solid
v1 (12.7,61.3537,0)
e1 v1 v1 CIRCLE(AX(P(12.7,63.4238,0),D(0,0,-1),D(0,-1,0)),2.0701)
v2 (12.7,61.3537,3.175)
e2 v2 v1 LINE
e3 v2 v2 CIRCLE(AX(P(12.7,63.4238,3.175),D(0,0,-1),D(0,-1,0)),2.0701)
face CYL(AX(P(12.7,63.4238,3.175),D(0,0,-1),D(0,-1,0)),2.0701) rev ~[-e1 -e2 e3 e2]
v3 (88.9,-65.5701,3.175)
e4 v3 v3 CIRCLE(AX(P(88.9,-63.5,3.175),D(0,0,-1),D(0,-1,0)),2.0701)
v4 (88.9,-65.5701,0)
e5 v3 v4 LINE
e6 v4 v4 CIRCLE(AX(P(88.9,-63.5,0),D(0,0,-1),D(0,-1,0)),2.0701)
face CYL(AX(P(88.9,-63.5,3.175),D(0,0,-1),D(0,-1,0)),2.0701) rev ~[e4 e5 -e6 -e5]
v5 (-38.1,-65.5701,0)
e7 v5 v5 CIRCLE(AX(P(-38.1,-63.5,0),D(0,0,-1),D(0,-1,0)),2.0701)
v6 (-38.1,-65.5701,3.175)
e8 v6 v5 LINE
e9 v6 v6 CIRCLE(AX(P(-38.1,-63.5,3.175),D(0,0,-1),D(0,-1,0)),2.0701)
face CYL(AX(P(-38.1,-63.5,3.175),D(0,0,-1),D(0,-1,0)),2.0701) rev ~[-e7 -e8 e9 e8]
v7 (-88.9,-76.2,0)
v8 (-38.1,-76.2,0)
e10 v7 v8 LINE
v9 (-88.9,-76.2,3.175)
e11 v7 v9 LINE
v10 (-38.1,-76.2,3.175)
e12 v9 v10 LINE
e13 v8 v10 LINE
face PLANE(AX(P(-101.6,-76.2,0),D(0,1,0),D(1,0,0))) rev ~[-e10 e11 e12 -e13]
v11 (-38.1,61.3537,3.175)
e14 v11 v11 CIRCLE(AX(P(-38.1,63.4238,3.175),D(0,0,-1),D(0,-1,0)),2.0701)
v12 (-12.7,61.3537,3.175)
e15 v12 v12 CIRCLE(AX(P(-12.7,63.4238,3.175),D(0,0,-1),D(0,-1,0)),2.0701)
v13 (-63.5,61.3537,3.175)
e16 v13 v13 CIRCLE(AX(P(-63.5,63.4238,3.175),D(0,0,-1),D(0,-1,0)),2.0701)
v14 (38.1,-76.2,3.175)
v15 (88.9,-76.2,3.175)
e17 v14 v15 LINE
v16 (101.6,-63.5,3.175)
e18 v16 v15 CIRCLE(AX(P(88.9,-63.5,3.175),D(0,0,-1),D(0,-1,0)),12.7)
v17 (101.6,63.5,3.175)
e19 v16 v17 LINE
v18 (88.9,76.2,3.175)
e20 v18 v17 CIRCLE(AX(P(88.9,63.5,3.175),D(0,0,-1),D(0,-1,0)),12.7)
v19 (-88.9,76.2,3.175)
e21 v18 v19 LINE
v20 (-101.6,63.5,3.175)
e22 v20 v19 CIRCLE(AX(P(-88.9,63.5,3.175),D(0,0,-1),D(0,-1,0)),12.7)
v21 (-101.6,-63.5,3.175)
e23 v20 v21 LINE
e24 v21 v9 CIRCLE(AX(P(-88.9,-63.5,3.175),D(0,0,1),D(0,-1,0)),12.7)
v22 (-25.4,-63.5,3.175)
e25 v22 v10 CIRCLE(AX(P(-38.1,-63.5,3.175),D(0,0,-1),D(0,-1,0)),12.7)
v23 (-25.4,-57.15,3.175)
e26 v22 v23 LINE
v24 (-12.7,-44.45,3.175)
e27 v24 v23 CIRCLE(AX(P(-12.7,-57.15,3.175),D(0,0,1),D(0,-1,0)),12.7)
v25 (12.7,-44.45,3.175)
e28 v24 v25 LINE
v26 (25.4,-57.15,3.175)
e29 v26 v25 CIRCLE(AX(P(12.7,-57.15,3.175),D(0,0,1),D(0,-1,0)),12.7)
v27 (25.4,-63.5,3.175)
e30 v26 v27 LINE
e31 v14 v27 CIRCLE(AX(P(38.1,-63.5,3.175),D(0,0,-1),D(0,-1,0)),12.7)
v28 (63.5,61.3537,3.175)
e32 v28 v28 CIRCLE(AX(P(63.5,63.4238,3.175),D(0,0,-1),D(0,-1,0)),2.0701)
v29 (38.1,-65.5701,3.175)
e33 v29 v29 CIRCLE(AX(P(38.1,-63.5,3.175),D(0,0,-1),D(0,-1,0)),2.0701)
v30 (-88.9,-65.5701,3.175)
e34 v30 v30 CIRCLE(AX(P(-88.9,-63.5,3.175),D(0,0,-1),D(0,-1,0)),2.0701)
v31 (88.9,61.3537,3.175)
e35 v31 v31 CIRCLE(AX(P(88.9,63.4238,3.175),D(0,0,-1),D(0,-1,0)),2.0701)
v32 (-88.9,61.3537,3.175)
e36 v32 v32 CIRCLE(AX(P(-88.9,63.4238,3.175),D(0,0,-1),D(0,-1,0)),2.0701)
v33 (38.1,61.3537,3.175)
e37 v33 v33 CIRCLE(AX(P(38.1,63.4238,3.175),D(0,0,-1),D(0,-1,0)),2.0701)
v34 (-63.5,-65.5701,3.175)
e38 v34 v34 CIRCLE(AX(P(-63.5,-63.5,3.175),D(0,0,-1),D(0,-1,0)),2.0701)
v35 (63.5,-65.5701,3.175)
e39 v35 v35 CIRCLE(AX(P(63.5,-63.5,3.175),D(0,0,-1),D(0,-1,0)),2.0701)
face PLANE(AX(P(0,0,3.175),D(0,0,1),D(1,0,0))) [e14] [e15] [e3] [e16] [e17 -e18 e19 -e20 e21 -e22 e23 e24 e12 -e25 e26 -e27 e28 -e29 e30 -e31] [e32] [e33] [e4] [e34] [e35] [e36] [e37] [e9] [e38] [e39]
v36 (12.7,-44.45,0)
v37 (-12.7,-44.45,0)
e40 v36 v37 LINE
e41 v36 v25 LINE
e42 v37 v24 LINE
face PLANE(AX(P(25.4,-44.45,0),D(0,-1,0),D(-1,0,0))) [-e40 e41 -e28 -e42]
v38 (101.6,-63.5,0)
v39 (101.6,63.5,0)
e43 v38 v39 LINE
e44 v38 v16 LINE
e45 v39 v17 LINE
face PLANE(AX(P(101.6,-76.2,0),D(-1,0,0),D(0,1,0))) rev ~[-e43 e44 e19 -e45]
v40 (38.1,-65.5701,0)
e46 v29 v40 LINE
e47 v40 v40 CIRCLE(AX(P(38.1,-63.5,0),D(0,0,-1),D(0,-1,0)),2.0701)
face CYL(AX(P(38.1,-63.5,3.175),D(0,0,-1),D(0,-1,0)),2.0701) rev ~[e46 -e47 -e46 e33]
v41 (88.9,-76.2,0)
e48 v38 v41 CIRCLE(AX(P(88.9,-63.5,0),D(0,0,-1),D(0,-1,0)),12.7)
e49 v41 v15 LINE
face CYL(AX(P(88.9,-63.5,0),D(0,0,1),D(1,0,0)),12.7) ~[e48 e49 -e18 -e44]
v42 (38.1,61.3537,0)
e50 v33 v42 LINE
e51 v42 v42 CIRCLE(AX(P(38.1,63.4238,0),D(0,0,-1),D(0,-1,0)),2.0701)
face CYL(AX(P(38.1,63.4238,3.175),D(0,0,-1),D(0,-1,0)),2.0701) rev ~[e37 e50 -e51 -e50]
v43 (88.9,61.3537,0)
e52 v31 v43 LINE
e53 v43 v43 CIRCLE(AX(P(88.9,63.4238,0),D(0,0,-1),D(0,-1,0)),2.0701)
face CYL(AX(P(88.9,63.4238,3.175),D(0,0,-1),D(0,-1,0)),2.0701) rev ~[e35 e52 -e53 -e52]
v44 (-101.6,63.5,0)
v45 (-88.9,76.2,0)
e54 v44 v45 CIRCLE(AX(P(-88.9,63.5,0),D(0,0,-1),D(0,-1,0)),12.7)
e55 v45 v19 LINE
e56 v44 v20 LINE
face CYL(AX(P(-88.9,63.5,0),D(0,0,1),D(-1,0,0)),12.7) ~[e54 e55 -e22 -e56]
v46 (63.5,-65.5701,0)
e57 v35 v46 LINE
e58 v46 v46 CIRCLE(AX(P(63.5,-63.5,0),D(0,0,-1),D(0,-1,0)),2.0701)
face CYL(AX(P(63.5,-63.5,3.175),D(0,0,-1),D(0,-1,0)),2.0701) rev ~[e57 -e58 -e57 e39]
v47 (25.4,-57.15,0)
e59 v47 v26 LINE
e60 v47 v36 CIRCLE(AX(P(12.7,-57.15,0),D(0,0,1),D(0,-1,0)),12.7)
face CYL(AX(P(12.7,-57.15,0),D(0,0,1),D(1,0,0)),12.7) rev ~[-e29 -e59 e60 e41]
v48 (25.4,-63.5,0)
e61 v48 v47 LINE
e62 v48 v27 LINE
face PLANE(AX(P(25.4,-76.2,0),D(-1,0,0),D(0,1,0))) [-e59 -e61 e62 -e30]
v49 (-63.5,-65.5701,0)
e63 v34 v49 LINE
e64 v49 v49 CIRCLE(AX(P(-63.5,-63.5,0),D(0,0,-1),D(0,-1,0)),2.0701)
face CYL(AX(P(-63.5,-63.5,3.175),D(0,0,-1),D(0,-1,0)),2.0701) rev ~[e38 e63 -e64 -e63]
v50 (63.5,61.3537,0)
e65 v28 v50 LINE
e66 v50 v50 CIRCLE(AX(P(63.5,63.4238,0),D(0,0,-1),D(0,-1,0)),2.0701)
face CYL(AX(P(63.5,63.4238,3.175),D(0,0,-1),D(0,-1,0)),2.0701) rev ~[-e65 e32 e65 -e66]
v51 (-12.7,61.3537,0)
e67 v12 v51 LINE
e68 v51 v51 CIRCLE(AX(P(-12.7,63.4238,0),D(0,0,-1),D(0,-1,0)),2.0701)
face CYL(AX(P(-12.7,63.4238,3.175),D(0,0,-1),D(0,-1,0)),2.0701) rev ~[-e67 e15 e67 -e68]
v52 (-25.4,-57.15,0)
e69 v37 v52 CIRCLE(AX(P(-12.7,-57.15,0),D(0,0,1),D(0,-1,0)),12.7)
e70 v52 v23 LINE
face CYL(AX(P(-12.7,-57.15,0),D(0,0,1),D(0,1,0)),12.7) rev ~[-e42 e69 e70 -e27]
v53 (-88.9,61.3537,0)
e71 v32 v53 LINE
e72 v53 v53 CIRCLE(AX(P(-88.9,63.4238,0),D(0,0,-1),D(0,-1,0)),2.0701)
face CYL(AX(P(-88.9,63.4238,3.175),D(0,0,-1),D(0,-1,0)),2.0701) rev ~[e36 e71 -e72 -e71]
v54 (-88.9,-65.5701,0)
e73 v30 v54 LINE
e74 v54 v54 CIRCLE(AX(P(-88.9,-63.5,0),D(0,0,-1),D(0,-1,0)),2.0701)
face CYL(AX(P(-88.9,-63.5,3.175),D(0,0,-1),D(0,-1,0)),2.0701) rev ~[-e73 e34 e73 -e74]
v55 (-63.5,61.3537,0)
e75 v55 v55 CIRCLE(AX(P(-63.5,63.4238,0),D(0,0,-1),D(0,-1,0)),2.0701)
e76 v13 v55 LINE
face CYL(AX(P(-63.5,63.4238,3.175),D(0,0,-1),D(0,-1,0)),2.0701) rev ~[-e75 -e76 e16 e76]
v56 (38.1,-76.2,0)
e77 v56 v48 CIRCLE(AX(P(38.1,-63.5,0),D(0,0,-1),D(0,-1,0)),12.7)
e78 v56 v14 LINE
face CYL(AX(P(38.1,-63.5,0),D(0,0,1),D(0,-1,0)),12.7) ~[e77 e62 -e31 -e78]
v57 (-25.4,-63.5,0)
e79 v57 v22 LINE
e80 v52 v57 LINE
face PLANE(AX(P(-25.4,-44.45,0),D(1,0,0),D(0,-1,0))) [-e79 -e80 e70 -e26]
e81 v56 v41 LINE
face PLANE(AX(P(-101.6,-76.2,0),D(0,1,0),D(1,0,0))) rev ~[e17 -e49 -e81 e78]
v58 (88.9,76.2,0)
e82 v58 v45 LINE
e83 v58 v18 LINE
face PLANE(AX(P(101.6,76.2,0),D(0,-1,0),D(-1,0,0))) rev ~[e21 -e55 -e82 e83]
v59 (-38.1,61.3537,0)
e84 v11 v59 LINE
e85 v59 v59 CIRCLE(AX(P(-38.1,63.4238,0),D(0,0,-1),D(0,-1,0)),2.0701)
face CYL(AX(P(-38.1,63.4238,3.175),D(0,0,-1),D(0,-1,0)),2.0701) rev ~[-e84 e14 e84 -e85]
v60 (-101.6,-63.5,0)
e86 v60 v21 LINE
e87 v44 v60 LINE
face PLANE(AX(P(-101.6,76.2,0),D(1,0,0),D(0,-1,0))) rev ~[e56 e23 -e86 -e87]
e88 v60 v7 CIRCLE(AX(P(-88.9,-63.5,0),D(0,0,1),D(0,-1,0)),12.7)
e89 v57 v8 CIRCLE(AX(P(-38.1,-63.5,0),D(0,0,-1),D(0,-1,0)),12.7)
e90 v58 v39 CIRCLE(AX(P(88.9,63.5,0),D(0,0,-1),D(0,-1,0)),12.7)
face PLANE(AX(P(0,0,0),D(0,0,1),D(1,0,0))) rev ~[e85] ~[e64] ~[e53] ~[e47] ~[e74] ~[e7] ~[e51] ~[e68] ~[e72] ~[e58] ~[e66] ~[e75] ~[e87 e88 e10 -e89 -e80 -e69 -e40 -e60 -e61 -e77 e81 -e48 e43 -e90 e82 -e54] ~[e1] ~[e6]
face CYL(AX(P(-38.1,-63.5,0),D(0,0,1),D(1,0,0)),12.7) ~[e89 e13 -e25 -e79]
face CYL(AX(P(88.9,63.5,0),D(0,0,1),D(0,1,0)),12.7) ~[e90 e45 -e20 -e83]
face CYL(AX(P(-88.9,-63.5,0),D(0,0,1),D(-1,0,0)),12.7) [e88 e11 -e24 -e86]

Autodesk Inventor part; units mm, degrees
ref_plane "YZ Plane" through (0, 0, 0) normal (1, 0, 0) x (0, 1, 0)
ref_plane "XZ Plane" through (0, 0, 0) normal (0, 1, 0) x (-1, 0, 0)
ref_plane "XY Plane" through (0, 0, 0) normal (0, 0, 1) x (1, 0, 0)
sketch "Sketch1" plane through (0, 0, 0) normal (0, 0, 1) x (1, 0, 0)
  line L0 (-101.6, -76.2) -> (101.6, -76.2)
  line L1 (101.6, -76.2) -> (101.6, 76.2)
  line L2 (101.6, 76.2) -> (-101.6, 76.2)
  line L3 (-101.6, 76.2) -> (-101.6, -76.2)
  line L4 (-101.6, -76.2) -> (101.6, 76.2) construction
  line L5 (101.6, -76.2) -> (-101.6, 76.2) construction
  point P0 (0, 0)
  dimension "d0" = 152.4
  dimension "d1" = 203.2
extrude "Extrusion1" add sketch "Sketch1" along normal blind 3.175
fillet "Fillet1" radius 12.7 4 edges at (101.6, 76.2, 1.5875) (101.6, -76.2, 1.5875) (-101.6, -76.2, 1.5875) (-101.6, 76.2, 1.5875)
sketch "Sketch2" plane through (0, 0, 3.175) normal (0, 0, 1) x (1, 0, 0)
  line L0 (101.6, -73.1012) -> (-101.6, -73.1012) projected
  line L1 (101.6, -73.1012) -> (101.6, -53.8988) projected
  line L2 (-101.6, -53.8988) -> (101.6, -53.8988) projected
  line L3 (-97.2058, -18.9992) -> (-97.2058, 44.2468) projected
  line L4 (-97.2058, -18.9992) -> (-85.1719, -18.9992) projected
  line L5 (-85.1719, -18.9992) -> (-31.877, 34.2957) projected
  line L6 (-31.877, 34.2957) -> (-31.877, 46.3296) projected
  line L7 (-95.123, 46.3296) -> (-31.877, 46.3296) projected
  line L8 (-101.6, 63.5) -> (-101.6, -63.5) projected
  line L9 (-88.9, -76.2) -> (88.9, -76.2) projected
  arc A0 (-97.2058, 44.2468) -> (-95.123, 46.3296) centre (-97.1931, 46.3169) ccw projected
  circle A1 centre (-74.2399, 4.9487) radius 2.0701 projected
  circle A2 centre (-56.2794, 41.3242) radius 2.4892 projected
  circle A3 centre (-92.2004, 5.4032) radius 2.4892 projected
  circle A4 centre (-74.2399, 23.3637) radius 14.2875 projected
  circle A5 centre (-74.2399, 41.7787) radius 2.0701 projected
  circle A6 centre (-91.7406, 40.8644) radius 3.7211 projected
  circle A7 centre (-55.8249, 23.3637) radius 2.0701 projected
  circle A8 centre (-92.6549, 23.3637) radius 2.0701 projected
  circle A9 centre (-88.9, -63.5) radius 2.0701 projected
  circle A10 centre (-63.5, -63.5) radius 2.0701 projected
  circle A11 centre (-38.1, -63.5) radius 2.0701 projected
  circle A12 centre (-12.7, -63.5) radius 2.0701 projected
  circle A13 centre (12.7, -63.5) radius 2.0701 projected
  circle A14 centre (38.1, -63.5) radius 2.0701 projected
  circle A15 centre (63.5, -63.5) radius 2.0701 projected
  circle A16 centre (88.9, -63.5) radius 2.0701 projected
  arc A17 (65.5687, 63.5) -> (61.4313, 63.5) centre (63.5, 63.4238) ccw projected
  line L10 (61.4313, 63.5) -> (40.1687, 63.5) projected
  arc A18 (40.1687, 63.5) -> (36.0313, 63.5) centre (38.1, 63.4238) ccw projected
  line L11 (36.0313, 63.5) -> (14.7687, 63.5) projected
  arc A19 (14.7687, 63.5) -> (10.6313, 63.5) centre (12.7, 63.4238) ccw projected
  line L12 (10.6313, 63.5) -> (-10.6313, 63.5) projected
  arc A20 (-10.6313, 63.5) -> (-14.7687, 63.5) centre (-12.7, 63.4238) ccw projected
  line L13 (-14.7687, 63.5) -> (-36.0313, 63.5) projected
  arc A21 (-36.0313, 63.5) -> (-40.1687, 63.5) centre (-38.1, 63.4238) ccw projected
  line L14 (-40.1687, 63.5) -> (-61.4313, 63.5) projected
  arc A22 (-61.4313, 63.5) -> (-65.5687, 63.5) centre (-63.5, 63.4238) ccw projected
  line L15 (-65.5687, 63.5) -> (-86.8313, 63.5) projected
  arc A23 (-86.8313, 63.5) -> (-90.9687, 63.5) centre (-88.9, 63.4238) ccw projected
  line L16 (-90.9687, 63.5) -> (-101.6, 63.5) projected
  line L17 (-101.6, 76.1238) -> (-101.6, 63.5) projected
  line L18 (-101.6, 76.1238) -> (101.6, 76.1238) projected
  line L19 (101.6, 63.5) -> (101.6, 76.1238) projected
  line L20 (101.6, 63.5) -> (90.9687, 63.5) projected
  arc A24 (90.9687, 63.5) -> (86.8313, 63.5) centre (88.9, 63.4238) ccw projected
  line L21 (86.8313, 63.5) -> (65.5687, 63.5) projected
  line L22 (-101.6, -53.8988) -> (-101.6, -73.1012) projected
  point P0 (0, 0)
  point P1 (-88.9, -63.5)
  point P2 (-63.5, -63.5)
  point P3 (-38.1, -63.5)
  point P4 (-12.7, -63.5)
  point P5 (12.7, -63.5)
  point P6 (38.1, -63.5)
  point P7 (63.5, -63.5)
  point P8 (88.9, -63.5)
  dimension "d12" = 12.7
  dimension "d13" = 12.7
  dimension "d16" = 25.4
hole "Hole1" at (-63.5, -63.5, 3.175) at (-88.9, -63.5, 3.175) at (-38.1, -63.5, 3.175) at (-12.7, -63.5, 3.175) at (12.7, -63.5, 3.175) at (38.1, -63.5, 3.175) at (63.5, -63.5, 3.175) at (88.9, -63.5, 3.175) at (-88.9, 63.4238, 3.175) at (-63.5, 63.4238, 3.175) at (-38.1, 63.4238, 3.175) at (-12.7, 63.4238, 3.175) at (12.7, 63.4238, 3.175) at (38.1, 63.4238, 3.175) at (63.5, 63.4238, 3.175) at (88.9, 63.4238, 3.175) direction (0, 0, -1) diameter 4.1402 end through all
sketch "Sketch3" plane through (0, 0, 0) normal (0, 0, -1) x (-1, 0, 0)
  line L0 (88.9, -76.2) -> (-88.9, -76.2) projected
  line L1 (25.4, -76.2) -> (-25.4, -76.2)
  line L2 (-25.4, -76.2) -> (-25.4, -44.45)
  line L3 (-25.4, -44.45) -> (25.4, -44.45)
  line L4 (25.4, -44.45) -> (25.4, -76.2)
  line L5 (101.6, 63.5) -> (101.6, -63.5) projected
  point P0 (0, 0)
  dimension "d21" = 50.8
  dimension "d22" = 31.75
  dimension "d23" = 76.2
extrude "Extrusion2" cut sketch "Sketch3" against normal through all
fillet "Fillet2" radius 12.7 4 edges at (-25.4, -76.2, 1.5875) (-25.4, -44.45, 1.5875) (25.4, -44.45, 1.5875) (25.4, -76.2, 1.5875)
properties part number "C12_TK_UpperFrameSupport" material "Polycarbonate, Clear"
